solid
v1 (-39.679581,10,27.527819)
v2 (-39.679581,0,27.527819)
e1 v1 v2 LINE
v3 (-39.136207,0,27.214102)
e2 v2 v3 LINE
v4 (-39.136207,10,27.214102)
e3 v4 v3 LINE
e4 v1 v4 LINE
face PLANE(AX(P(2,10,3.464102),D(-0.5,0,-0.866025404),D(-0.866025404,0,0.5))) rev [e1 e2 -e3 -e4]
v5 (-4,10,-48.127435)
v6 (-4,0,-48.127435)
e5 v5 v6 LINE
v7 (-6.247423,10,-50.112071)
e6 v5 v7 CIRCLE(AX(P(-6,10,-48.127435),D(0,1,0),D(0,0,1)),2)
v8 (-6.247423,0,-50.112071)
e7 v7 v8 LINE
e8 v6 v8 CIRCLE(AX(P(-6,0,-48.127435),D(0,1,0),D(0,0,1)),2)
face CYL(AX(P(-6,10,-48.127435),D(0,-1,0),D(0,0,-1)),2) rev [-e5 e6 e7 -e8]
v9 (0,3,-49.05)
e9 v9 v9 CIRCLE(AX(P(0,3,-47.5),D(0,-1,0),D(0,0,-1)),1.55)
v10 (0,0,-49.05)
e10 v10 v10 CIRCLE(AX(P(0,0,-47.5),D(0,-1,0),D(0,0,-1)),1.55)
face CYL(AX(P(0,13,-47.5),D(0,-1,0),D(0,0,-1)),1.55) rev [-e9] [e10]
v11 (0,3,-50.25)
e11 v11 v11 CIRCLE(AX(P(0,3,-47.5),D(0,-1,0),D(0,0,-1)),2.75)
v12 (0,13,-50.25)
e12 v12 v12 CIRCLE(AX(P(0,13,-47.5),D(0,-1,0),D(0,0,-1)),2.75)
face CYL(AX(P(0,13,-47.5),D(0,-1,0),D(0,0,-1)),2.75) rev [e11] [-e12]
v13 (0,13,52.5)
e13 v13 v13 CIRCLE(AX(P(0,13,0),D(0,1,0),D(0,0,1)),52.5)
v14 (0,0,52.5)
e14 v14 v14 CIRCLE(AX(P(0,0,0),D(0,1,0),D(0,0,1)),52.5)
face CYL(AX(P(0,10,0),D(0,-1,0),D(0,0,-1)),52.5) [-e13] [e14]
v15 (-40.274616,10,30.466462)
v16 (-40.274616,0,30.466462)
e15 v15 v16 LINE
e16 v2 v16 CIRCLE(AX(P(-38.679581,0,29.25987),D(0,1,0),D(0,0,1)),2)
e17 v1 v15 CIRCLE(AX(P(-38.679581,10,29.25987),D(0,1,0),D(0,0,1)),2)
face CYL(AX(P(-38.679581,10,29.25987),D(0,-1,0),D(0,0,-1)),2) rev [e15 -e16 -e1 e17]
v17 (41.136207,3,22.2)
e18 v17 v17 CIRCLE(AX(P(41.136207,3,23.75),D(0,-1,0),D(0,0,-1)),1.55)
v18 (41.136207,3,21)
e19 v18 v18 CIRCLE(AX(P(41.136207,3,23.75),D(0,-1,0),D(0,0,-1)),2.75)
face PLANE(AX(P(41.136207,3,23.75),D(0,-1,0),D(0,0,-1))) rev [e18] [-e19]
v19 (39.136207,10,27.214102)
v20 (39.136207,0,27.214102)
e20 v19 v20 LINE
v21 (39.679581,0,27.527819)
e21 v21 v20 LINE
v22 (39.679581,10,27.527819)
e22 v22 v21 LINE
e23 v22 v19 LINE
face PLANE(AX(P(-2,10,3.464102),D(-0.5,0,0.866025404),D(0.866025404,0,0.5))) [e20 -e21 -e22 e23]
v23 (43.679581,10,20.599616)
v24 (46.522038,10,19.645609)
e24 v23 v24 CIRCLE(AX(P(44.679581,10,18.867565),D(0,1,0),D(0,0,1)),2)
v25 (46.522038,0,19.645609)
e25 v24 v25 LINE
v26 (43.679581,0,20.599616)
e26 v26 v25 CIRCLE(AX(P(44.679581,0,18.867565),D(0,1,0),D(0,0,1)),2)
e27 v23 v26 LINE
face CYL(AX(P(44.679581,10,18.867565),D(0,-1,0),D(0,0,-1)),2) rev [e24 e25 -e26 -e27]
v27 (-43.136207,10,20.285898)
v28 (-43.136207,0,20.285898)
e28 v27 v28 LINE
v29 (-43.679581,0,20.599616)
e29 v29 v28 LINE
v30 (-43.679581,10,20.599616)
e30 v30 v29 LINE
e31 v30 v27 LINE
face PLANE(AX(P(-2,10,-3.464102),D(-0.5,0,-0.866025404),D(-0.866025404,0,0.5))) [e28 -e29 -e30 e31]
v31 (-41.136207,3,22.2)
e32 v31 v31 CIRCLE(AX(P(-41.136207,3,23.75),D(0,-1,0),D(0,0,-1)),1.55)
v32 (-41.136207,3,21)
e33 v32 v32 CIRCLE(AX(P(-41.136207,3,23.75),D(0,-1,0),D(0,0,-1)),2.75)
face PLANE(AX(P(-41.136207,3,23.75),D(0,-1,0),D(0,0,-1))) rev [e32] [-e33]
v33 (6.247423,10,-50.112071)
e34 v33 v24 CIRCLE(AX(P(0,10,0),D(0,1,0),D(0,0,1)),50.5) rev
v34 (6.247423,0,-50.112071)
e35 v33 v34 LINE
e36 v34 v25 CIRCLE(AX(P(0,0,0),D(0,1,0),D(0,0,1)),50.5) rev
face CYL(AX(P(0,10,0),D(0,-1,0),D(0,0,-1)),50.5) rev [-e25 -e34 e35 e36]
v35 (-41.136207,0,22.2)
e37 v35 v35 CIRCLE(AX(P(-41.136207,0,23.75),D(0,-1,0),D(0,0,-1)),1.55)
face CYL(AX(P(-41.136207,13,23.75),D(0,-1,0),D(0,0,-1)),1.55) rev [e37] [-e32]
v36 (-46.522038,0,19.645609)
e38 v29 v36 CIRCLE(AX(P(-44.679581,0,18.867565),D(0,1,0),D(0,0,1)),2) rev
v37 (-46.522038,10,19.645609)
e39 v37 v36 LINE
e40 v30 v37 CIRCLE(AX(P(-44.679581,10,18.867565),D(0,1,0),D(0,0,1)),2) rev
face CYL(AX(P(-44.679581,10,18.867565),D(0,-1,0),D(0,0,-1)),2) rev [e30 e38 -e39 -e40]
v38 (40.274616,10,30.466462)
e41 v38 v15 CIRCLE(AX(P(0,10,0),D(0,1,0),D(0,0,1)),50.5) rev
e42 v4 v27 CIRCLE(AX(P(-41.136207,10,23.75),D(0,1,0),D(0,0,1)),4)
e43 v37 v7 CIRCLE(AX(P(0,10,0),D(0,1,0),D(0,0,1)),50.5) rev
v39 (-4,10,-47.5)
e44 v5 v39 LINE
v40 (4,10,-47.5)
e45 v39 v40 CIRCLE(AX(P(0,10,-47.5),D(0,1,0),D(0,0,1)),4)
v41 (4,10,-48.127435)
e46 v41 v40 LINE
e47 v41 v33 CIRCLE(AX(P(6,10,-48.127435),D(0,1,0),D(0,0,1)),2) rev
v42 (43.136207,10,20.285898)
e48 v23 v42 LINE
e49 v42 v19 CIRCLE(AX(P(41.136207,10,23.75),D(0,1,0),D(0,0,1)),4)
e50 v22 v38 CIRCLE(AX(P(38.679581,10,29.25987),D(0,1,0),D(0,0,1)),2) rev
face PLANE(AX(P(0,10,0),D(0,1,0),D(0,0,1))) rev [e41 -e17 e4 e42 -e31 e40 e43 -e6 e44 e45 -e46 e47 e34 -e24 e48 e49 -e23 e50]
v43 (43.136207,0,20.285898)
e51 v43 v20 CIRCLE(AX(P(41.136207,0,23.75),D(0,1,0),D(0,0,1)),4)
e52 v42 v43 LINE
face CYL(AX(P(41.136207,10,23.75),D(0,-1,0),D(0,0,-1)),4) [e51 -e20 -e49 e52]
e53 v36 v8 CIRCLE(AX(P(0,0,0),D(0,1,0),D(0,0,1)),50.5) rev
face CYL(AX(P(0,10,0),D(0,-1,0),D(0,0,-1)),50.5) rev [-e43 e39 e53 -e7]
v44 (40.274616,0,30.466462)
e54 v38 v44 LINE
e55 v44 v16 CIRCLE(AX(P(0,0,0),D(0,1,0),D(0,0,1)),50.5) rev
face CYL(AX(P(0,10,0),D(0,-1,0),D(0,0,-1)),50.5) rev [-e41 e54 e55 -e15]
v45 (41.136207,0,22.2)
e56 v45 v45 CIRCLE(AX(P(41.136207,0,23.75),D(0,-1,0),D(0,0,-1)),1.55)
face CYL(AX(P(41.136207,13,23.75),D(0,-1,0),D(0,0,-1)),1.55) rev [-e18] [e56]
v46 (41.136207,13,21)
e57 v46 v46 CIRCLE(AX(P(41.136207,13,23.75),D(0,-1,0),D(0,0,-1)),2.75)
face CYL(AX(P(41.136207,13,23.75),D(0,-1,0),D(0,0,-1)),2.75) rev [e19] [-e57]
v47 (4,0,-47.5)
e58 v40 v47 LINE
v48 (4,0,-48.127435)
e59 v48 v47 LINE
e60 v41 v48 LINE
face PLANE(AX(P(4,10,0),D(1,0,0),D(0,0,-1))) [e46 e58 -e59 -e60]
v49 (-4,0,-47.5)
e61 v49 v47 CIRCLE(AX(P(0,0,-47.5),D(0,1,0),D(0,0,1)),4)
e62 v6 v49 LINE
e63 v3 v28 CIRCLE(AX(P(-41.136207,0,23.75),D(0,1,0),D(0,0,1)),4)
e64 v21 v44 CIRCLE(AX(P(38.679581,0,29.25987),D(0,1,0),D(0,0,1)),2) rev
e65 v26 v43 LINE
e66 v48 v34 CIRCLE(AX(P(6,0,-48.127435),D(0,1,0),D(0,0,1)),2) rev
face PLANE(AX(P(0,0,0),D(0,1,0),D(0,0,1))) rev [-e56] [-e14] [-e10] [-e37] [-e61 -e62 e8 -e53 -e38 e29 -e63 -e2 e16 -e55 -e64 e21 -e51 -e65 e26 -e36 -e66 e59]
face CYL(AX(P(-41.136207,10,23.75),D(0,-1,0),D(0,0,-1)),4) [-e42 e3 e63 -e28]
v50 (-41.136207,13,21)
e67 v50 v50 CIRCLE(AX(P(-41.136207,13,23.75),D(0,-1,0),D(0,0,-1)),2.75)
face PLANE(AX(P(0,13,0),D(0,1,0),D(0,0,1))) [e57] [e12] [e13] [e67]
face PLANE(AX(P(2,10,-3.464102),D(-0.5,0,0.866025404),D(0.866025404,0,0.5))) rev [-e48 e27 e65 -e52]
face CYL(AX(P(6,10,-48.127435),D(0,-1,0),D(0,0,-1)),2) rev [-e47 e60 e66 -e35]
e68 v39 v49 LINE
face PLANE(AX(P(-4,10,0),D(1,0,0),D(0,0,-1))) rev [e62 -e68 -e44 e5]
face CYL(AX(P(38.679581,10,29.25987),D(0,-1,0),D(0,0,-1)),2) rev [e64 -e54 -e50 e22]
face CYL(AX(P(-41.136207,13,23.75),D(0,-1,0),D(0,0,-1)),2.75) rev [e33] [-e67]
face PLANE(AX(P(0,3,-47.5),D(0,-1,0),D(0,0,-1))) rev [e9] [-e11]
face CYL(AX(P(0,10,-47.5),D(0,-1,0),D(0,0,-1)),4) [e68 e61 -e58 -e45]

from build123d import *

# Parameters (mm, degrees)
ESQUISSE1_R             = 52.5
BOSS_EXTRU_1_DEPTH      = 10
ESQUISSE2_R             = 52.5
BOSS_EXTRU_2_DEPTH      = 3
ENL_V_START             = -3
ESQUISSE3_R             = 2.75
ENL_V_MAT_EXTRU_2_DEPTH = 73.375725535
ESQUISSE4_R             = 1.55
ENL_V_MAT_EXTRU_3_DEPTH = 76.375725535


with BuildPart() as part:
    # Esquisse1 → Boss.-Extru.1 (new body)
    with BuildSketch(Plane(origin=(0, 0, 0), x_dir=(1, 0, 0), z_dir=(0, 1, 0))):
        with Locations(Location((0, 0, 0), (0, 0, 270))):
            Circle(ESQUISSE1_R)
        with BuildLine():
            ThreePointArc((-4, 47.5), (0, 43.5), (4, 47.5))
            Line((4, 47.5), (4, 48.127435003))
            ThreePointArc((4, 48.127435003), (4.676150568, 49.626575651), (6.24742268, 50.112071498))
            ThreePointArc((6.24742268, 50.112071498), (43.734282891, 25.25), (46.522038294, -19.645609))
            ThreePointArc((46.522038294, -19.645609), (45.3159505, -20.763622642), (43.679581332, -20.599615887))
            Line((43.679581332, -20.599615887), (43.13620668, -20.285898385))
            ThreePointArc((43.13620668, -20.285898385), (37.672105065, -21.75), (39.13620668, -27.214101615))
            Line((39.13620668, -27.214101615), (39.679581332, -27.527819117))
            ThreePointArc((39.679581332, -27.527819117), (40.639799932, -28.862953009), (40.274615614, -30.466462499))
            ThreePointArc((40.274615614, -30.466462499), (0, -50.5), (-40.274615614, -30.466462499))
            ThreePointArc((-40.274615614, -30.466462499), (-40.639799932, -28.862953009), (-39.679581332, -27.527819117))
            Line((-39.679581332, -27.527819117), (-39.13620668, -27.214101615))
            ThreePointArc((-39.13620668, -27.214101615), (-37.672105065, -21.75), (-43.13620668, -20.285898385))
            Line((-43.13620668, -20.285898385), (-43.679581332, -20.599615887))
            ThreePointArc((-43.679581332, -20.599615887), (-45.3159505, -20.763622642), (-46.522038294, -19.645609))
            ThreePointArc((-46.522038294, -19.645609), (-43.734282891, 25.25), (-6.24742268, 50.112071498))
            ThreePointArc((-6.24742268, 50.112071498), (-4.676150568, 49.626575651), (-4, 48.127435003))
            Line((-4, 48.127435003), (-4, 47.5))
        make_face(mode=Mode.SUBTRACT)
    extrude(amount=BOSS_EXTRU_1_DEPTH)

    # Esquisse2 → Boss.-Extru.2 (add)
    with BuildSketch(Plane(origin=(0, 10, 0), x_dir=(1, 0, 0), z_dir=(0, 1, 0))):
        with Locations(Location((0, 0, 0), (0, 0, 270))):
            Circle(ESQUISSE2_R)
    extrude(amount=BOSS_EXTRU_2_DEPTH)

    # Esquisse3 → Enlèv. mat.-Extru.2 (cut, through all)
    with BuildSketch(Plane.XZ.offset(ENL_V_START)):
        with Locations(Location((0, -47.5, 0), (0, 0, 270))):
            Circle(ESQUISSE3_R)
        with Locations(Location((-41.13620668, 23.75, 0), (0, 0, 270))):
            Circle(ESQUISSE3_R)
        with Locations(Location((41.13620668, 23.75, 0), (0, 0, 270))):
            Circle(ESQUISSE3_R)
    extrude(amount=-ENL_V_MAT_EXTRU_2_DEPTH, mode=Mode.SUBTRACT)

    # Esquisse4 → Enlèv. mat.-Extru.3 (cut, through all)
    with BuildSketch(Plane.XZ):
        with Locations(Location((0, -47.5, 0), (0, 0, 270))):
            Circle(ESQUISSE4_R)
        with Locations(Location((-41.13620668, 23.75, 0), (0, 0, 270))):
            Circle(ESQUISSE4_R)
        with Locations(Location((41.13620668, 23.75, 0), (0, 0, 270))):
            Circle(ESQUISSE4_R)
    extrude(amount=-ENL_V_MAT_EXTRU_3_DEPTH, mode=Mode.SUBTRACT)


solid = part.part
